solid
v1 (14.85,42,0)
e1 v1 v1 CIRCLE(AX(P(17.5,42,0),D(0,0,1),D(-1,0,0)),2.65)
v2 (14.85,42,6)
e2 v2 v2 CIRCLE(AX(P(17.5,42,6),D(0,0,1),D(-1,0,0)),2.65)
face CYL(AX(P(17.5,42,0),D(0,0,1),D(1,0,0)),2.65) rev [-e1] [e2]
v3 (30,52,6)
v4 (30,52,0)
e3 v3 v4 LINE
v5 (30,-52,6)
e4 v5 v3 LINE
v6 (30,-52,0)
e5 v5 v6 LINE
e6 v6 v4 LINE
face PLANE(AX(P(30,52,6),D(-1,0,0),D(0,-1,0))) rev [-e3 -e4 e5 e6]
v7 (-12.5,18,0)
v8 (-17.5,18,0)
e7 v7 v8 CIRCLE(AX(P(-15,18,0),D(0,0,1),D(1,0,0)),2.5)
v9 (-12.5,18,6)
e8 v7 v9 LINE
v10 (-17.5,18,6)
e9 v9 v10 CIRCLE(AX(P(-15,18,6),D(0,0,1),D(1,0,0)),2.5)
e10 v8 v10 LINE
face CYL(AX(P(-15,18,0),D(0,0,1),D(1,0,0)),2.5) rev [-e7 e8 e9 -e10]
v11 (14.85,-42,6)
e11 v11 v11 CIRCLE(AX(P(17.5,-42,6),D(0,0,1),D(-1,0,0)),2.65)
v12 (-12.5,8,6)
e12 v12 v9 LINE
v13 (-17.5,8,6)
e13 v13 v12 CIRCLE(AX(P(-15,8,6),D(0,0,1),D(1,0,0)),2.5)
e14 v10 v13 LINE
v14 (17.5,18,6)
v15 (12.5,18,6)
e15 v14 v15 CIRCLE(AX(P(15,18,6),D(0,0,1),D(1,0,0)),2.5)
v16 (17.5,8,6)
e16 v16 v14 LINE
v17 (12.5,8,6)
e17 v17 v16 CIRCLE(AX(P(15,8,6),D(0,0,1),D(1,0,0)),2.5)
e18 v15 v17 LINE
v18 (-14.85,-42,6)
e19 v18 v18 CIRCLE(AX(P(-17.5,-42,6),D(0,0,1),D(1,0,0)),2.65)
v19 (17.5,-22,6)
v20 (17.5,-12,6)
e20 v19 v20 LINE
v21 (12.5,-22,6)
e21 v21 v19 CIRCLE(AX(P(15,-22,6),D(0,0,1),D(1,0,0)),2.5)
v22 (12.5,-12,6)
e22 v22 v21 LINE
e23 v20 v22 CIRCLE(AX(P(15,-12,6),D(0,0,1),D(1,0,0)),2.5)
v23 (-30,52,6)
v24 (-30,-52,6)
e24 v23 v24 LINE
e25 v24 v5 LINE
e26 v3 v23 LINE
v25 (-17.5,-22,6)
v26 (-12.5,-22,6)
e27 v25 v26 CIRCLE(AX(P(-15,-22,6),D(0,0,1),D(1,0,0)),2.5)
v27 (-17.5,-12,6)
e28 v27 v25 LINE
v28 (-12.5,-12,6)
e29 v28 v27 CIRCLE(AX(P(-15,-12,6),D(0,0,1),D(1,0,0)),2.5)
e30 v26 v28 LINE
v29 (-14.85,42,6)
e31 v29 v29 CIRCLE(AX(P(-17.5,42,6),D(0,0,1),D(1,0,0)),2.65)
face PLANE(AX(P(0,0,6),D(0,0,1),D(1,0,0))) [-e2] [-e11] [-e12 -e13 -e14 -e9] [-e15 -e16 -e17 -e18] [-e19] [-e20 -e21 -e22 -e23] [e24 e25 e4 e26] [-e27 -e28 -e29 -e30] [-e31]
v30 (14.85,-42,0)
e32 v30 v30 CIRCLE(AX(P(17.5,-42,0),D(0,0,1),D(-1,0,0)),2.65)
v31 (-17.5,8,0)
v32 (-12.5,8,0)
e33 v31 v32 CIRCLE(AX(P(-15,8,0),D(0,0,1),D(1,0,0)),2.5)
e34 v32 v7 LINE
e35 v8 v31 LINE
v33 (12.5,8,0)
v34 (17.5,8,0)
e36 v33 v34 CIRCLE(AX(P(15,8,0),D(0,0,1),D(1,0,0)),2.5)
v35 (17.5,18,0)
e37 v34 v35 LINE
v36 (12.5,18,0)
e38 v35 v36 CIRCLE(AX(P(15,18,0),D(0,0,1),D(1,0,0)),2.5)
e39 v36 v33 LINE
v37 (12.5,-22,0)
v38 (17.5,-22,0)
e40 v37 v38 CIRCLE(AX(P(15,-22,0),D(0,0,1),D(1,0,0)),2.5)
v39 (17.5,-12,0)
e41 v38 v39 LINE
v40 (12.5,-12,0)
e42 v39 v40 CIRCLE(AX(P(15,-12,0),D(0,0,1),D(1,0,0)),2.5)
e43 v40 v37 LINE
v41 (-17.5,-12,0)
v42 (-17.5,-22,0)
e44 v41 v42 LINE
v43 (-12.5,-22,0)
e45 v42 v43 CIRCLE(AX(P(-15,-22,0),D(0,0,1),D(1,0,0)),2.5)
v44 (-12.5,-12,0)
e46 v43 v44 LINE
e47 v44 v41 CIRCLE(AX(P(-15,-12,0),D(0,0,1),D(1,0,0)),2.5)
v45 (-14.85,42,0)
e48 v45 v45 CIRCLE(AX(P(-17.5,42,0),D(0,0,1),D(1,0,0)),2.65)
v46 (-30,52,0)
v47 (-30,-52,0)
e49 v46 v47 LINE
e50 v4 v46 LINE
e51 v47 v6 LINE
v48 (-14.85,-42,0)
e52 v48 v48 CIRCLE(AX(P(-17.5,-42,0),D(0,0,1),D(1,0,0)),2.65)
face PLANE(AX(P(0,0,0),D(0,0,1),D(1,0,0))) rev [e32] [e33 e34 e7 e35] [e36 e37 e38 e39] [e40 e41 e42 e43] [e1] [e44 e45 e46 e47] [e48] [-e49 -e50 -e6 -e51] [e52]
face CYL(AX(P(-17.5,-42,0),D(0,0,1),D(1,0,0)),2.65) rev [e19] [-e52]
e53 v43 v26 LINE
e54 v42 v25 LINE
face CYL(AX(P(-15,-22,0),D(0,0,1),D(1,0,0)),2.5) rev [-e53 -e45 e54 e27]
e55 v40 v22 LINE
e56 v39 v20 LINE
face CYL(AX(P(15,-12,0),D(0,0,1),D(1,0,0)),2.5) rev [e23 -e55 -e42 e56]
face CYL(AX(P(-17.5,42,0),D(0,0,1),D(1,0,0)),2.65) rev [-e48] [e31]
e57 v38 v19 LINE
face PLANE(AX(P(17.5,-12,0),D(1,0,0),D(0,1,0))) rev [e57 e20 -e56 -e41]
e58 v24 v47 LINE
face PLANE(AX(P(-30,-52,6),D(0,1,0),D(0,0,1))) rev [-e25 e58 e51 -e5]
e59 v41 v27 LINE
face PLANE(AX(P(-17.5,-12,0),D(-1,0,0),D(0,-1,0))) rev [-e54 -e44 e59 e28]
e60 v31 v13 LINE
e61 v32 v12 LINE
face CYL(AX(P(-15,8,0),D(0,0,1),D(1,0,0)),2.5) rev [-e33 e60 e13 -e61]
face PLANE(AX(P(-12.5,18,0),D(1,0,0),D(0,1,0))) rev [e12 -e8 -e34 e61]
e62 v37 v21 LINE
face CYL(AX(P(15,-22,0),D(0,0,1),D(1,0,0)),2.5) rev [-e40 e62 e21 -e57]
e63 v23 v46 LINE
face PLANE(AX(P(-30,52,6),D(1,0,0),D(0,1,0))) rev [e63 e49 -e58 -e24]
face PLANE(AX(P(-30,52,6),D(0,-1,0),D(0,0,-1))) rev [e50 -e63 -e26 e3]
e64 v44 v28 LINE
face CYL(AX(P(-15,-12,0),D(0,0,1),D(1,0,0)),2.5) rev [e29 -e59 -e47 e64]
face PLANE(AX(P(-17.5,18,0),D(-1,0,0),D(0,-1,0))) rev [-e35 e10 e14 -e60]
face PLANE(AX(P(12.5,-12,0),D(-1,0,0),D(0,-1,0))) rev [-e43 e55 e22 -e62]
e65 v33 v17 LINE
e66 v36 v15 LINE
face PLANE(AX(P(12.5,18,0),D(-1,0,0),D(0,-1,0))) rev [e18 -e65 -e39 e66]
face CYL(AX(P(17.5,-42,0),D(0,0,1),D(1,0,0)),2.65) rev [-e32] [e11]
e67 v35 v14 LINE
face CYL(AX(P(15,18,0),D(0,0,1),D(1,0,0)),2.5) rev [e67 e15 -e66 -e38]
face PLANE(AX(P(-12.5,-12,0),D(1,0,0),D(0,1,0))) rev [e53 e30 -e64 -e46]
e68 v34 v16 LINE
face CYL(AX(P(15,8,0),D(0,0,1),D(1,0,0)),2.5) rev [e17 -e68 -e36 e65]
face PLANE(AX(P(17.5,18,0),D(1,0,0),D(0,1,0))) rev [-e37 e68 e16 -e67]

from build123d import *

# Parameters (mm, degrees)
SKETCH_1_W          = 60
SKETCH_1_H          = 104
EXTRUDE_1_DEPTH     = 6
CUT_EXTRUDE_1_DEPTH = 6
SKETCH_4_R          = 2.65
CUT_EXTRUDE_2_DEPTH = 6


with BuildPart() as part:
    # 草图1 → 凸台-拉伸1 (new body)
    with BuildSketch(Plane.XY):
        Rectangle(SKETCH_1_W, SKETCH_1_H)
    extrude(amount=EXTRUDE_1_DEPTH)

    # 草图2 → 切除-拉伸1 (cut)
    with BuildSketch(Plane.XY.offset(6)):
        with BuildLine():
            Line((-12.5, 18), (-12.5, 8))
            ThreePointArc((-12.5, 8), (-15, 5.5), (-17.5, 8))
            Line((-17.5, 8), (-17.5, 18))
            ThreePointArc((-17.5, 18), (-15, 20.5), (-12.5, 18))
        make_face()
        with BuildLine():
            Line((17.5, 18), (17.5, 8))
            ThreePointArc((17.5, 8), (15, 5.5), (12.5, 8))
            Line((12.5, 8), (12.5, 18))
            ThreePointArc((12.5, 18), (15, 20.5), (17.5, 18))
        make_face()
        with BuildLine():
            Line((17.5, -12), (17.5, -22))
            ThreePointArc((17.5, -22), (15, -24.5), (12.5, -22))
            Line((12.5, -22), (12.5, -12))
            ThreePointArc((12.5, -12), (15, -9.5), (17.5, -12))
        make_face()
        with BuildLine():
            Line((-12.5, -12), (-12.5, -22))
            ThreePointArc((-12.5, -22), (-15, -24.5), (-17.5, -22))
            Line((-17.5, -22), (-17.5, -12))
            ThreePointArc((-17.5, -12), (-15, -9.5), (-12.5, -12))
        make_face()
    extrude(amount=-CUT_EXTRUDE_1_DEPTH, mode=Mode.SUBTRACT)

    # 草图4 → 切除-拉伸2 (cut)
    with BuildSketch(Plane.XY.offset(6)):
        with Locations((-17.5, 42)):
            Circle(SKETCH_4_R)
        with Locations((-17.5, -42)):
            Circle(SKETCH_4_R)
        with Locations(Location((17.5, -42, 0), (0, 0, 180))):
            Circle(SKETCH_4_R)
        with Locations(Location((17.5, 42, 0), (0, 0, 180))):
            Circle(SKETCH_4_R)
    extrude(amount=-CUT_EXTRUDE_2_DEPTH, mode=Mode.SUBTRACT)


solid = part.part
